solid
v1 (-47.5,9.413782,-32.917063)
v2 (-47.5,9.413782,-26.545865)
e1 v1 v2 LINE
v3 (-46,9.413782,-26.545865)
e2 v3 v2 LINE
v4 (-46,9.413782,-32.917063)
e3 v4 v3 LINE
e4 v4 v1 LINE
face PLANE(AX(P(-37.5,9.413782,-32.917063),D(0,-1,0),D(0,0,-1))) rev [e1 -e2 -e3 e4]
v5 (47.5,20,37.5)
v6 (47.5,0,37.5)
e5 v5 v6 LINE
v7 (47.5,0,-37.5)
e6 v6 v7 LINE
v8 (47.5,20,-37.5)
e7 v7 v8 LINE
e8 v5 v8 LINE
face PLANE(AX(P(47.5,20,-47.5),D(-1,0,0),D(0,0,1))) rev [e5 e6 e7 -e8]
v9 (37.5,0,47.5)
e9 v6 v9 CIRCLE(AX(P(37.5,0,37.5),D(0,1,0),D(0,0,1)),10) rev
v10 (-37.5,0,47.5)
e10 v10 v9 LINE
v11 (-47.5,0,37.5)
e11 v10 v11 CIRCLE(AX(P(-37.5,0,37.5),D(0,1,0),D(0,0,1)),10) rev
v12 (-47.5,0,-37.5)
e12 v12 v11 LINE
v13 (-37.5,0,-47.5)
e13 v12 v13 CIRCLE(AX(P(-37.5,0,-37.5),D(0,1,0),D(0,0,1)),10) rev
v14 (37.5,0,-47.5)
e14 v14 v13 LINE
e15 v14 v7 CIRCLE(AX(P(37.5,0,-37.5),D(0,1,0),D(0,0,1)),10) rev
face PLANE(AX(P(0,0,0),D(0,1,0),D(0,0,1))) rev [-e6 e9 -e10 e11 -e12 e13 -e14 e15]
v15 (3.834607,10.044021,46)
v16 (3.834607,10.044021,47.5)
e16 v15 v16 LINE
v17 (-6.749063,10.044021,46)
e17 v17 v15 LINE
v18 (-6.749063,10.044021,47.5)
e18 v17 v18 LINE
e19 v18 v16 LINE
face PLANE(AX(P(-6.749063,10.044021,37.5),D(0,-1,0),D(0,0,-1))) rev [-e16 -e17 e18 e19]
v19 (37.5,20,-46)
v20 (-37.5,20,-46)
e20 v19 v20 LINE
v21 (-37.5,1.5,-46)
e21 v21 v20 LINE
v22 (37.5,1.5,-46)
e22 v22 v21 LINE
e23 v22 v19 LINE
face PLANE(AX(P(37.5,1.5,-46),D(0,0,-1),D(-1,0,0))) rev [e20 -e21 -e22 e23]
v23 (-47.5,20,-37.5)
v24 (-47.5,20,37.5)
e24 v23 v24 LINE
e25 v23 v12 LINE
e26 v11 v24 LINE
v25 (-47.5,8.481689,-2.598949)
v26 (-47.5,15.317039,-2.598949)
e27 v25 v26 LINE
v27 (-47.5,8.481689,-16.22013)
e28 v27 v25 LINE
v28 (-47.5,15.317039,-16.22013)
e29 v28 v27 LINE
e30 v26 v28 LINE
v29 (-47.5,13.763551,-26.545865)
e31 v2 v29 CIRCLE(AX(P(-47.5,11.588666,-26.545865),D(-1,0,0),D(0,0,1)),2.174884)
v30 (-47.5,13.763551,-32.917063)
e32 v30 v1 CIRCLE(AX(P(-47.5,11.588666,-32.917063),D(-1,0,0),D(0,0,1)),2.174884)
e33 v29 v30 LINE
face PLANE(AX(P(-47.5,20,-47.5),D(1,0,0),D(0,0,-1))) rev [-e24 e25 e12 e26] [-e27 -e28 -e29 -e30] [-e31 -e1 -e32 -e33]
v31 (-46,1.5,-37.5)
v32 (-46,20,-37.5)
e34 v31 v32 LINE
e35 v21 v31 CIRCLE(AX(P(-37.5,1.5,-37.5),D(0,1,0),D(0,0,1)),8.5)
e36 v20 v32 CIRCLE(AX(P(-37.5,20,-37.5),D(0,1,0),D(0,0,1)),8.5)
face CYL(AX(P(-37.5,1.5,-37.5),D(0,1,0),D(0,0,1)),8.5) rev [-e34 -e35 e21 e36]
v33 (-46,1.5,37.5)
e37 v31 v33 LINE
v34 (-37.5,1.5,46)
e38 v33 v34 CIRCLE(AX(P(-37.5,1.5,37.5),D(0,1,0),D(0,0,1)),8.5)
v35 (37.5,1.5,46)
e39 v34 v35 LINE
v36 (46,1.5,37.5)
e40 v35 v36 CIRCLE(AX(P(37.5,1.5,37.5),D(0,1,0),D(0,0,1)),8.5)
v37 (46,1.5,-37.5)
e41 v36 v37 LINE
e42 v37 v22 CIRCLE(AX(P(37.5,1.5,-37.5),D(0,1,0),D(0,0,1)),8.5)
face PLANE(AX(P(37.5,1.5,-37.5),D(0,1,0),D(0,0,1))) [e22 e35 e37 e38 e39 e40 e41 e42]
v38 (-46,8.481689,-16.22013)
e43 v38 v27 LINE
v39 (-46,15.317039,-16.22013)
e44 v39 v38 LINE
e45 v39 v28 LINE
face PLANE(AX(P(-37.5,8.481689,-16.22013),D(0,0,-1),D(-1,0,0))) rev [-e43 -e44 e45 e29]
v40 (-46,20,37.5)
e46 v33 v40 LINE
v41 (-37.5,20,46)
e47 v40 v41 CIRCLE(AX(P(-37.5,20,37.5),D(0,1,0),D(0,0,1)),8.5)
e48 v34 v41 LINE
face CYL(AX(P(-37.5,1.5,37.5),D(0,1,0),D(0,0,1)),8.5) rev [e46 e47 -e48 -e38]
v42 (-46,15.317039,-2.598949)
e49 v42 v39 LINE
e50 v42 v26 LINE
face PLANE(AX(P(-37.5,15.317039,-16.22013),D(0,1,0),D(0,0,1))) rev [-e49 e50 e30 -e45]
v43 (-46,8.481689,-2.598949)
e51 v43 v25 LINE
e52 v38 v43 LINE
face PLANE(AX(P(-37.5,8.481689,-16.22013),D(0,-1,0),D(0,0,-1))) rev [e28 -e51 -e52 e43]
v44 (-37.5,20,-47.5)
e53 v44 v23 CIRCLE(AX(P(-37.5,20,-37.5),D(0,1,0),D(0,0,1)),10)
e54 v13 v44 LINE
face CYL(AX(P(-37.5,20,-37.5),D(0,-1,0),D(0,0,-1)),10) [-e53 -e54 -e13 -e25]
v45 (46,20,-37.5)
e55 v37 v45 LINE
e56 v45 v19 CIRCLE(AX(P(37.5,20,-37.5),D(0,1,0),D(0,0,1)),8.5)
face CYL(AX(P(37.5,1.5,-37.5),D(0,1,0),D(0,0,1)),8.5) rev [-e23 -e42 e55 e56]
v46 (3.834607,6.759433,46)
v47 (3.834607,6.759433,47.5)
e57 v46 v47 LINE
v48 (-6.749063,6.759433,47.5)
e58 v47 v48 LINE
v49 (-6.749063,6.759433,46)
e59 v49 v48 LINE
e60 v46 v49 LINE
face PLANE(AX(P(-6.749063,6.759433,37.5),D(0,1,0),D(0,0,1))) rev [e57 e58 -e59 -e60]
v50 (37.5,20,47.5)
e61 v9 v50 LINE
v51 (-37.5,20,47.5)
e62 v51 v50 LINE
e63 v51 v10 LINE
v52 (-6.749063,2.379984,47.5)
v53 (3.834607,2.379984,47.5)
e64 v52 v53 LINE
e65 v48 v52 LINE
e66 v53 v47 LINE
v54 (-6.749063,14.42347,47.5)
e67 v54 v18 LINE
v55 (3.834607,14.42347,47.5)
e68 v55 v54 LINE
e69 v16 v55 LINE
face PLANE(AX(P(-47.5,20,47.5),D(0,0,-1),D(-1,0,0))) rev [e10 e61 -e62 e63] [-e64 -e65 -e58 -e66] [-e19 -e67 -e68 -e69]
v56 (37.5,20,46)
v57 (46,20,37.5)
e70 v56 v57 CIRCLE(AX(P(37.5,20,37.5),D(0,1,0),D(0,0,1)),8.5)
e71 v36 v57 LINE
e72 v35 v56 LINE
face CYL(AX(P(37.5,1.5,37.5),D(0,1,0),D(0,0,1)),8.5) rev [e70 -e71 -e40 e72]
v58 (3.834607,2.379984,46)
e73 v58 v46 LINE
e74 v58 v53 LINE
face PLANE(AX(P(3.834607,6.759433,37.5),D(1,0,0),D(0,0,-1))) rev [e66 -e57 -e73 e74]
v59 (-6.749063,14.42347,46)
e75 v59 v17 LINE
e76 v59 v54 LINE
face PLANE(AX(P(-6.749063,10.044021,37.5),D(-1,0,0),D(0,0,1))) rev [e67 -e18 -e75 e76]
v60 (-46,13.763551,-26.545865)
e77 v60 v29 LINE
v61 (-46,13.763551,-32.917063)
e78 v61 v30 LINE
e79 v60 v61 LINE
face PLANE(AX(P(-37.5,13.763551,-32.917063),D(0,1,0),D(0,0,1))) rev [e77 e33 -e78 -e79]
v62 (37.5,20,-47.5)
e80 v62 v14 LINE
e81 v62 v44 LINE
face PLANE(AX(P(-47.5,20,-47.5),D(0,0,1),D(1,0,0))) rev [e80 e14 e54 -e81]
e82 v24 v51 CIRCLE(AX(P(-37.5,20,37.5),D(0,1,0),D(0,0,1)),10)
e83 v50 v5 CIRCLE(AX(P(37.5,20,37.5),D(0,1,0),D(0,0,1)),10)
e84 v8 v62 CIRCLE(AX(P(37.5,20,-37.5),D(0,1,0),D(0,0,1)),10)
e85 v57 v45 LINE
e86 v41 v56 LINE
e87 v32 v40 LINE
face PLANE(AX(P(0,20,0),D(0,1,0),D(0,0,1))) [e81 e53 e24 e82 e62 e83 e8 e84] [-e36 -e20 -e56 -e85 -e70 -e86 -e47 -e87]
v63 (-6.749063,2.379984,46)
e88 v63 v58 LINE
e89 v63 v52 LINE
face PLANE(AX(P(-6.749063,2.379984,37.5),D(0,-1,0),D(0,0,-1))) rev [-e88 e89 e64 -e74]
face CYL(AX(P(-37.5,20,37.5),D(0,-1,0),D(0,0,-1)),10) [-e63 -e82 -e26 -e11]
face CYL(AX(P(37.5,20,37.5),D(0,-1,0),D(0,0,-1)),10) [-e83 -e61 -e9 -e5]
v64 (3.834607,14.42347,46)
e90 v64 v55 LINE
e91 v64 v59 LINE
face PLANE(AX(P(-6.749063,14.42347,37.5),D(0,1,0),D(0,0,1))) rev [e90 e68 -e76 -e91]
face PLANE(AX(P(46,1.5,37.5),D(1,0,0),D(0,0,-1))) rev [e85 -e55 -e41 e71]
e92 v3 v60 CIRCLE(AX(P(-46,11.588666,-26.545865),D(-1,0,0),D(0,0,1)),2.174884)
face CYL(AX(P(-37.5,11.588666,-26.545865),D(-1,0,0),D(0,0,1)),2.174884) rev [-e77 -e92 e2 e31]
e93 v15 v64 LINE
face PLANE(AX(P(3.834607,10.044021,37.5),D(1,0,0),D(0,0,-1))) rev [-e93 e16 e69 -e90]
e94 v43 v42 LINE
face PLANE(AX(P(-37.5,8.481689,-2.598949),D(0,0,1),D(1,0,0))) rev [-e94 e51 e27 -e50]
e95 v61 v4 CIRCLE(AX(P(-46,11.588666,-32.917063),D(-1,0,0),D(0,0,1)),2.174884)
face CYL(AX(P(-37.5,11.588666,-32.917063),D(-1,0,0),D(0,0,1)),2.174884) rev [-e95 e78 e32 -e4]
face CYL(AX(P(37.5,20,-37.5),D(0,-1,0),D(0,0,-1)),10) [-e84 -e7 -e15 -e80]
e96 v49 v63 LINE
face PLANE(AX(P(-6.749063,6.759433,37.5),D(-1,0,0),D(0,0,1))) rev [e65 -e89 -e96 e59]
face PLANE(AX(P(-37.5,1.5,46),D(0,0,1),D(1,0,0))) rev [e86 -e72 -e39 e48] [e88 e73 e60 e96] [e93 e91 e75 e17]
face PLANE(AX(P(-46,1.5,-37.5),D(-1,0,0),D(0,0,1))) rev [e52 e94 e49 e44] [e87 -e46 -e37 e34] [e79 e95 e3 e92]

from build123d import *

# Parameters (mm, degrees)
SKETCH1_W           = 95
SKETCH1_H           = 95
BOSS_EXTRUDE1_DEPTH = 20
FILLET1_R           = 10
CUT_EXTRUDE5_DEPTH  = 18.5
CUT_EXTRUDE6_DEPTH  = 10
SKETCH6_W           = 13.621181439
SKETCH6_H           = 6.835350155
CUT_EXTRUDE7_DEPTH  = 10
SKETCH9_W           = 10.583669907
SKETCH9_H           = 4.379449617
CUT_EXTRUDE10_DEPTH = 10


with BuildPart() as part:
    # Sketch1 → Boss-Extrude1 (new body)
    with BuildSketch(Plane(origin=(0, 0, 0), x_dir=(1, 0, 0), z_dir=(0, 1, 0))):
        Rectangle(SKETCH1_W, SKETCH1_H)
    extrude(amount=BOSS_EXTRUDE1_DEPTH)

    # Fillet1
    fillet1_edges = [part.edges().sort_by_distance(p)[0] for p in [
        (47.5, 10, 47.5),
        (-47.5, 10, 47.5),
        (-47.5, 10, -47.5),
        (47.5, 10, -47.5),
    ]]
    fillet(fillet1_edges, radius=FILLET1_R)

    # Sketch4 → Cut-Extrude5 (cut)
    with BuildSketch(Plane(origin=(0, 20, 0), x_dir=(1, 0, 0), z_dir=(0, 1, 0))):
        with BuildLine():
            Line((37.5, 46), (-37.5, 46))
            ThreePointArc((-37.5, 46), (-43.51040764, 43.51040764), (-46, 37.5))
            Line((-46, 37.5), (-46, -37.5))
            ThreePointArc((-46, -37.5), (-43.51040764, -43.51040764), (-37.5, -46))
            Line((-37.5, -46), (37.5, -46))
            ThreePointArc((37.5, -46), (43.51040764, -43.51040764), (46, -37.5))
            Line((46, -37.5), (46, 37.5))
            ThreePointArc((46, 37.5), (43.51040764, 43.51040764), (37.5, 46))
        make_face()
    extrude(amount=-CUT_EXTRUDE5_DEPTH, mode=Mode.SUBTRACT)

    # Sketch5 → Cut-Extrude6 (cut)
    with BuildSketch(Plane.ZY.offset(47.5)):
        with BuildLine():
            Line((-32.917062514, 13.76355051), (-26.545864744, 13.76355051))
            ThreePointArc((-26.545864744, 13.76355051), (-24.370980604, 11.588666369), (-26.545864744, 9.413782229))
            Line((-26.545864744, 9.413782229), (-32.917062514, 9.413782229))
            ThreePointArc((-32.917062514, 9.413782229), (-35.091946654, 11.588666369), (-32.917062514, 13.76355051))
        make_face()
    extrude(amount=-CUT_EXTRUDE6_DEPTH, mode=Mode.SUBTRACT)

    # Sketch6 → Cut-Extrude7 (cut)
    with BuildSketch(Plane.ZY.offset(47.5)):
        with Locations((-9.409539708, 11.899364103)):
            Rectangle(SKETCH6_W, SKETCH6_H)
    extrude(amount=-CUT_EXTRUDE7_DEPTH, mode=Mode.SUBTRACT)

    # Sketch9 → Cut-Extrude10 (cut)
    with BuildSketch(Plane.XY.offset(47.5)):
        with Locations((-1.457227674, 4.56970852)):
            Rectangle(SKETCH9_W, SKETCH9_H)
        with Locations((-1.457227674, 12.233745351)):
            Rectangle(SKETCH9_W, SKETCH9_H)
    extrude(amount=-CUT_EXTRUDE10_DEPTH, mode=Mode.SUBTRACT)


solid = part.part
